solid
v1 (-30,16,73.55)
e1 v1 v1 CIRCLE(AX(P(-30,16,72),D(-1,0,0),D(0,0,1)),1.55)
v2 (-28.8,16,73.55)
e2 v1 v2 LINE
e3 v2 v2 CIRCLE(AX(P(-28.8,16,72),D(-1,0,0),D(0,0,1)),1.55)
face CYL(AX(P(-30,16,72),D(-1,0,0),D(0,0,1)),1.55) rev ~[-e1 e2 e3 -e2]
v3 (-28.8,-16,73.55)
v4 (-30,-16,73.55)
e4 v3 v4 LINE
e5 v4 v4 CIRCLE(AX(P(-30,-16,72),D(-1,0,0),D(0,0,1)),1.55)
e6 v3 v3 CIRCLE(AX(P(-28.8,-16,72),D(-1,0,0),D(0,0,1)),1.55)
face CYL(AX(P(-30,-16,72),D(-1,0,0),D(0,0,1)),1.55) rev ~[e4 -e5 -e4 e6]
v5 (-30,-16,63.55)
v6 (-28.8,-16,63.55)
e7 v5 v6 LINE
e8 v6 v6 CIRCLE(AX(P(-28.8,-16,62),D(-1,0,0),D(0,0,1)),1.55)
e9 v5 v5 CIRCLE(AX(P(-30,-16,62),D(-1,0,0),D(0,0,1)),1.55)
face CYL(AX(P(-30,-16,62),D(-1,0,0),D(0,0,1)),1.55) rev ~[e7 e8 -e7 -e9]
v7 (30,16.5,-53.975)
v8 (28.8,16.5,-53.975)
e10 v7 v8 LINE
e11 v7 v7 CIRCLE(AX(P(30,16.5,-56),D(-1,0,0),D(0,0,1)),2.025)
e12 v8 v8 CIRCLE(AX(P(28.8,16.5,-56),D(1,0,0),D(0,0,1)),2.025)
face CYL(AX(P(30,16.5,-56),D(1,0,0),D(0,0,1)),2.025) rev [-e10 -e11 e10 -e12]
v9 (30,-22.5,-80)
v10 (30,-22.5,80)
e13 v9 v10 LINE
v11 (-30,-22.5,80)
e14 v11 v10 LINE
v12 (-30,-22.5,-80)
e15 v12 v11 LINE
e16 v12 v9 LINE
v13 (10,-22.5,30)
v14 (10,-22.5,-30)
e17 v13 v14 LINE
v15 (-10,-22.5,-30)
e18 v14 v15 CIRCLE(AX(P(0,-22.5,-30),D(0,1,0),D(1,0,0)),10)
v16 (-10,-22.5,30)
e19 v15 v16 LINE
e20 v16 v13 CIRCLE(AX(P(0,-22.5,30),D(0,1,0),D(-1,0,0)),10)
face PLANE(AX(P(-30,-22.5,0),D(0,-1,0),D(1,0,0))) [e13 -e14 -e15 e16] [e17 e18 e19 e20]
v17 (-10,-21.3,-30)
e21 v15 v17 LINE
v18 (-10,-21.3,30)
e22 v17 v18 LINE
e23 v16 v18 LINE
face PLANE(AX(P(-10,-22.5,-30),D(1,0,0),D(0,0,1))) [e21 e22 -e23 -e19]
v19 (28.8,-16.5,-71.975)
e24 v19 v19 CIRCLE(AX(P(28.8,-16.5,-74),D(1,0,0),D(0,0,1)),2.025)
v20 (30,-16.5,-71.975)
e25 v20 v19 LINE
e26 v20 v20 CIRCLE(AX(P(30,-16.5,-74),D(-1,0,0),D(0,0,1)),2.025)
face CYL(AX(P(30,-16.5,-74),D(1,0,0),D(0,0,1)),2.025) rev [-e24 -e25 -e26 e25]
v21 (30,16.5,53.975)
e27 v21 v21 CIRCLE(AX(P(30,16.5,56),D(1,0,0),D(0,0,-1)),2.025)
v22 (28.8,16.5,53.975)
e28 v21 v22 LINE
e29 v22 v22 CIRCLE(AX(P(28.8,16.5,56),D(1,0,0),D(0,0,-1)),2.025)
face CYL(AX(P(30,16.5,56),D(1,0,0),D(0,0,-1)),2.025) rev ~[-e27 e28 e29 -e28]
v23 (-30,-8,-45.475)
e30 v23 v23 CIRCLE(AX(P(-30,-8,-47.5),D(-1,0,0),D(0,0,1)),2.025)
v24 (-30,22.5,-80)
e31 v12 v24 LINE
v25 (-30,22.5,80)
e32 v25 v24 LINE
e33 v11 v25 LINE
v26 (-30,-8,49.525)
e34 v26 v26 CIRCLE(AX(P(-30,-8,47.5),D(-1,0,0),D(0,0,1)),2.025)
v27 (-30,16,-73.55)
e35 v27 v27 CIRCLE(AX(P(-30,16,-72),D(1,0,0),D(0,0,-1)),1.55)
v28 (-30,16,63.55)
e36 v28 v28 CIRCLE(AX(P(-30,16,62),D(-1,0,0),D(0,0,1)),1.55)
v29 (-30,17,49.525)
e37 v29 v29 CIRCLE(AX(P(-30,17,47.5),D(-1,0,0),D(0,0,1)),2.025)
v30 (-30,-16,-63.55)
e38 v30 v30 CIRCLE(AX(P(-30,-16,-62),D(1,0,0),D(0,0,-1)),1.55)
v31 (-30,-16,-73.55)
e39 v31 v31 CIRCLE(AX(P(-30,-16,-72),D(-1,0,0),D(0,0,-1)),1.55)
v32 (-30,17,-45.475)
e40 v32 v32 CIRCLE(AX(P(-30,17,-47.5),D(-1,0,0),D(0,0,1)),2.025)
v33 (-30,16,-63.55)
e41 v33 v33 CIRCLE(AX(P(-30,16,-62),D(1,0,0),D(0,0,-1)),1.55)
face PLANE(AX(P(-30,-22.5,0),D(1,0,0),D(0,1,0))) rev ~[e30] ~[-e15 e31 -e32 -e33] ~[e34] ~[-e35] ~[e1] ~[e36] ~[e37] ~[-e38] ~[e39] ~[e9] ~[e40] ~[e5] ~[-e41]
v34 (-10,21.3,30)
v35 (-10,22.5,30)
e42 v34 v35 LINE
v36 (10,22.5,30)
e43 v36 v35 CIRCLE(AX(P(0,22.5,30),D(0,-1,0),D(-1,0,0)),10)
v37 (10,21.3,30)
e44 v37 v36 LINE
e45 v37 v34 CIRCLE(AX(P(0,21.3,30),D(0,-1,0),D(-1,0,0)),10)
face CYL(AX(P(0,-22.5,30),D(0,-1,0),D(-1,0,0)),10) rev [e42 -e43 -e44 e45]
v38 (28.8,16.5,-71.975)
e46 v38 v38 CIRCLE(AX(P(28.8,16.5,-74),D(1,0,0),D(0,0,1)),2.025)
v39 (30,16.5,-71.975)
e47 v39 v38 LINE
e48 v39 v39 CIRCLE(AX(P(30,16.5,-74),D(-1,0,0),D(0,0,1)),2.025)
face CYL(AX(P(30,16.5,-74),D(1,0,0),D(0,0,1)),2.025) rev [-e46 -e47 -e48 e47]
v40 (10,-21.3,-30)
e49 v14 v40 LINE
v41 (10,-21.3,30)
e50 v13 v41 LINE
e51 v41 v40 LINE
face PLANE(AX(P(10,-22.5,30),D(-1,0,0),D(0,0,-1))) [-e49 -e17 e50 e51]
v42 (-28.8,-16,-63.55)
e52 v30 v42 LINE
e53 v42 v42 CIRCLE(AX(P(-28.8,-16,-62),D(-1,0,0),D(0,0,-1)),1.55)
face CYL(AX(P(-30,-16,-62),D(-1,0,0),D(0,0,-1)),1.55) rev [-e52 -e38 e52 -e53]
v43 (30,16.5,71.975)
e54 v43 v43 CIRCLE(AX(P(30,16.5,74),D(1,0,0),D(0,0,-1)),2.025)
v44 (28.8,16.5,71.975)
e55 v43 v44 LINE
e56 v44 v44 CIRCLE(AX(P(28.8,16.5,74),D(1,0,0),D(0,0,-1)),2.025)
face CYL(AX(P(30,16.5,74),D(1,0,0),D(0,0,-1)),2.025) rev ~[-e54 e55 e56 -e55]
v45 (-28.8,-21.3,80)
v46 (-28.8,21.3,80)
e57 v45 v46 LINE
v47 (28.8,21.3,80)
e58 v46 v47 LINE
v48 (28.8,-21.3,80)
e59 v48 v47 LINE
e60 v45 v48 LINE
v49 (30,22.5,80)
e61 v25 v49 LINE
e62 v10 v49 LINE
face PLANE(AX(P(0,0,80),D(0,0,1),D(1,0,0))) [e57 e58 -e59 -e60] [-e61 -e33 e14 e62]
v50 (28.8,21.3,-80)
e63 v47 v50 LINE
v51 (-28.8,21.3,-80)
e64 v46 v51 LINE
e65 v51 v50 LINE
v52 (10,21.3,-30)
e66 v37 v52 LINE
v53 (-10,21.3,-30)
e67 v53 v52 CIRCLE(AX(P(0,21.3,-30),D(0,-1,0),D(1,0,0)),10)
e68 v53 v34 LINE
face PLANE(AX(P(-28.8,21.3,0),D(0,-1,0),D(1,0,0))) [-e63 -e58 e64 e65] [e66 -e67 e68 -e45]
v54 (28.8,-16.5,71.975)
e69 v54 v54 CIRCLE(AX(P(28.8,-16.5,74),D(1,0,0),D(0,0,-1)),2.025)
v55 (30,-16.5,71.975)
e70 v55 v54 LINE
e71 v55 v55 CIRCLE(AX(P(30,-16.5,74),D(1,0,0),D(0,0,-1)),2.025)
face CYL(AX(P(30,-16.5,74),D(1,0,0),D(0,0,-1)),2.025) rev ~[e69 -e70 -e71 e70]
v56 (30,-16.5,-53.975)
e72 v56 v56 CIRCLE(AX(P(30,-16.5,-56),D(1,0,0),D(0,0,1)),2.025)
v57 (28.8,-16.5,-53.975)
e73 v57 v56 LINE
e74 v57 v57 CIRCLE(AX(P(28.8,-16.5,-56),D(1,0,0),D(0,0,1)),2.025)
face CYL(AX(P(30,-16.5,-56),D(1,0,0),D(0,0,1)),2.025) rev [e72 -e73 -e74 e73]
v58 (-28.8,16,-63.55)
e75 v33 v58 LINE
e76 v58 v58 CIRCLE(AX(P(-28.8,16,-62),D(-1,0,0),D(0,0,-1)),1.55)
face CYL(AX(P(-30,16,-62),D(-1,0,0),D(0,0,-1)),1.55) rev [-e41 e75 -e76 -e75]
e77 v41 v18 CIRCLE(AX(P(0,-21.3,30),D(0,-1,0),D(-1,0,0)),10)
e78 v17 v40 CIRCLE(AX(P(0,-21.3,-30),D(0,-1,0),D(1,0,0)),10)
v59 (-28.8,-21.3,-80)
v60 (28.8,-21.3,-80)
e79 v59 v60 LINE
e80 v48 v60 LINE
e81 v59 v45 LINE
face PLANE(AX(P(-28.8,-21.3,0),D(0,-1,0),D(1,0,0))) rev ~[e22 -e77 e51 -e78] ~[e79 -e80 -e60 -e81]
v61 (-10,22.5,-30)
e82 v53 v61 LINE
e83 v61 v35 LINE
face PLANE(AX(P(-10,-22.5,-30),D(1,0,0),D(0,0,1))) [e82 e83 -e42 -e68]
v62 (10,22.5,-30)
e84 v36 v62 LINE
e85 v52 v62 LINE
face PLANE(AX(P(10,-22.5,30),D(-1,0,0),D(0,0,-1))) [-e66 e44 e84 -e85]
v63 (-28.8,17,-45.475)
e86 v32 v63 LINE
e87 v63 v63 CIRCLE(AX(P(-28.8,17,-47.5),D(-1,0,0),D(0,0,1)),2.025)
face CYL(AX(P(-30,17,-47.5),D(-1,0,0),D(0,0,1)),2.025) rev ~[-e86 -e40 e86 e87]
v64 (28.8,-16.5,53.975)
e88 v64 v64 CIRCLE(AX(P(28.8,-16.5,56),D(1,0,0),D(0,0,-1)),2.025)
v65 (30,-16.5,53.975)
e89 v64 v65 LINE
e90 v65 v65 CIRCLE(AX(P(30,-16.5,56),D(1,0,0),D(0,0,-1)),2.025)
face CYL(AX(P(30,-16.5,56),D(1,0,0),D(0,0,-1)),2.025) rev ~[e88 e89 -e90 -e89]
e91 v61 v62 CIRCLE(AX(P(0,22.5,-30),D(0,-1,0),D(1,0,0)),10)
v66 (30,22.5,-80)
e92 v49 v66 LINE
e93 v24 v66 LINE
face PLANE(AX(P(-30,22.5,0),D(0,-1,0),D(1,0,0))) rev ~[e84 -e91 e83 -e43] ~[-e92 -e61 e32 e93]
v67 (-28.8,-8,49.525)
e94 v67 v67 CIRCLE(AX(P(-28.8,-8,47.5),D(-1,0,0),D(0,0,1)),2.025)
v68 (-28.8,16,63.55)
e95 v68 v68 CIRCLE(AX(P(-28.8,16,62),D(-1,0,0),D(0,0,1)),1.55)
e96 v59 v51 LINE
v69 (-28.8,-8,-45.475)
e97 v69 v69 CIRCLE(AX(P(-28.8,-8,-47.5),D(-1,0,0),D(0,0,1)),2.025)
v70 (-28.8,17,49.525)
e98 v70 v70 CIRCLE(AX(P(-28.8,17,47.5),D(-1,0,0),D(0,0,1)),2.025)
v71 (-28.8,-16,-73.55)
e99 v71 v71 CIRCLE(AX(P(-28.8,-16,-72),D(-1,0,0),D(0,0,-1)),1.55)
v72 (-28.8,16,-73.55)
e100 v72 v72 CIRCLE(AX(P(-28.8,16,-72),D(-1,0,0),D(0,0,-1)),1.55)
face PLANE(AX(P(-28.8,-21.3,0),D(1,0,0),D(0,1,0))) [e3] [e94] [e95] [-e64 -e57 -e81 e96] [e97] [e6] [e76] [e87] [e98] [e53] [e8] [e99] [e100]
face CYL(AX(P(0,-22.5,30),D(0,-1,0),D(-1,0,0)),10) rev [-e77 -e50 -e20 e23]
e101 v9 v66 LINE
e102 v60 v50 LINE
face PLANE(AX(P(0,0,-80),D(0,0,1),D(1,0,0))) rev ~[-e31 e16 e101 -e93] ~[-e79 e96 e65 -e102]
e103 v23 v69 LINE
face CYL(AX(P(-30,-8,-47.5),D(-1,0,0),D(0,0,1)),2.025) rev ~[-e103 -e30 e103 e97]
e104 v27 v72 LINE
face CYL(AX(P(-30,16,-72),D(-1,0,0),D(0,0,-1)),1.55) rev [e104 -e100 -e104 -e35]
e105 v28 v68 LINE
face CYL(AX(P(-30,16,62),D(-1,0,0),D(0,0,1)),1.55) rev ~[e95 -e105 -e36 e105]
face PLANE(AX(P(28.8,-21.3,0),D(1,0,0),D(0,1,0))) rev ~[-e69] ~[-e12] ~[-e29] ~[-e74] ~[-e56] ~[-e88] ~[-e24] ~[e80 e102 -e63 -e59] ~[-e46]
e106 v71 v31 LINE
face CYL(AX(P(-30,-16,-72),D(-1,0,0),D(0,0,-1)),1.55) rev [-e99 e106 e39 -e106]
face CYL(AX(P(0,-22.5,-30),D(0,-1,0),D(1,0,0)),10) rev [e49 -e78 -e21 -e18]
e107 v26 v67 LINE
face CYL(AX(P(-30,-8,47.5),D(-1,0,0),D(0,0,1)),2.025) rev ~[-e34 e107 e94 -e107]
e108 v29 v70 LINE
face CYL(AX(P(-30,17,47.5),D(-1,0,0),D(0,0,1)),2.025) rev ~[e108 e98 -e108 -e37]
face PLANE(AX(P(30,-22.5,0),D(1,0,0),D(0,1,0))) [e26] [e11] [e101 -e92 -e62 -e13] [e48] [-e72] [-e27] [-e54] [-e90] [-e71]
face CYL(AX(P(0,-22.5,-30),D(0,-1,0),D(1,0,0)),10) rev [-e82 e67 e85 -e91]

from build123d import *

# Parameters (mm, degrees)
SKETCH_1_W          = 60
SKETCH_1_H          = 45
SKETCH_1_W_2        = 57.6
SKETCH_1_H_2        = 42.6
EXTRUDE_1_DEPTH     = 80
SKETCH_4_R          = 2.025
CUT_EXTRUDE_1_DEPTH = 5
SKETCH_5_R          = 1.55
CUT_EXTRUDE_2_DEPTH = 5
SKETCH_6_R          = 2.025
CUT_EXTRUDE_3_DEPTH = 1.2
CUT_EXTRUDE_4_DEPTH = 160


with BuildPart() as part:
    # 草图1 → 凸台-拉伸1 (new body, symmetric)
    with BuildSketch(Plane.XY):
        Rectangle(SKETCH_1_W, SKETCH_1_H)
        Rectangle(SKETCH_1_W_2, SKETCH_1_H_2, mode=Mode.SUBTRACT)
    extrude(amount=EXTRUDE_1_DEPTH, both=True)

    # 草图4 → 切除-拉伸1 (cut, symmetric)
    with BuildSketch(Plane(origin=(30, 0, 0), x_dir=(0, 0, -1), z_dir=(1, 0, 0))):
        with Locations((-74, 16.5)):
            Circle(SKETCH_4_R)
        with Locations((-56, 16.5)):
            Circle(SKETCH_4_R)
        with Locations((-74, -16.5)):
            Circle(SKETCH_4_R)
        with Locations((-56, -16.5)):
            Circle(SKETCH_4_R)
    cut_extrude_1 = extrude(amount=CUT_EXTRUDE_1_DEPTH, both=True, mode=Mode.SUBTRACT)

    # 镜向1: 切除-拉伸1 across plane
    add(cut_extrude_1.mirror(Plane.XY), mode=Mode.SUBTRACT)

    # 草图5 → 切除-拉伸2 (cut, symmetric)
    with BuildSketch(Plane.ZY.offset(30)):
        with Locations((62, 16)):
            Circle(SKETCH_5_R)
        with Locations((72, 16)):
            Circle(SKETCH_5_R)
        with Locations((62, -16)):
            Circle(SKETCH_5_R)
        with Locations((72, -16)):
            Circle(SKETCH_5_R)
    cut_extrude_2 = extrude(amount=CUT_EXTRUDE_2_DEPTH, both=True, mode=Mode.SUBTRACT)

    # 镜向2: 切除-拉伸2 across plane
    add(cut_extrude_2.mirror(Plane.XY), mode=Mode.SUBTRACT)

    # 草图6 → 切除-拉伸3 (cut)
    with BuildSketch(Plane.ZY.offset(30)):
        with Locations((47.5, -8)):
            Circle(SKETCH_6_R)
        with Locations((47.5, 17)):
            Circle(SKETCH_6_R)
        with Locations((-47.5, 17)):
            Circle(SKETCH_6_R)
        with Locations((-47.5, -8)):
            Circle(SKETCH_6_R)
    extrude(amount=-CUT_EXTRUDE_3_DEPTH, mode=Mode.SUBTRACT)

    # 草图7 → 切除-拉伸4 (cut)
    with BuildSketch(Plane.XZ.offset(22.5)):
        with BuildLine():
            Line((-10, -30), (-10, 30))
            ThreePointArc((-10, 30), (0, 40), (10, 30))
            Line((10, 30), (10, -30))
            ThreePointArc((10, -30), (0, -40), (-10, -30))
        make_face()
    extrude(amount=-CUT_EXTRUDE_4_DEPTH, mode=Mode.SUBTRACT)


solid = part.part
